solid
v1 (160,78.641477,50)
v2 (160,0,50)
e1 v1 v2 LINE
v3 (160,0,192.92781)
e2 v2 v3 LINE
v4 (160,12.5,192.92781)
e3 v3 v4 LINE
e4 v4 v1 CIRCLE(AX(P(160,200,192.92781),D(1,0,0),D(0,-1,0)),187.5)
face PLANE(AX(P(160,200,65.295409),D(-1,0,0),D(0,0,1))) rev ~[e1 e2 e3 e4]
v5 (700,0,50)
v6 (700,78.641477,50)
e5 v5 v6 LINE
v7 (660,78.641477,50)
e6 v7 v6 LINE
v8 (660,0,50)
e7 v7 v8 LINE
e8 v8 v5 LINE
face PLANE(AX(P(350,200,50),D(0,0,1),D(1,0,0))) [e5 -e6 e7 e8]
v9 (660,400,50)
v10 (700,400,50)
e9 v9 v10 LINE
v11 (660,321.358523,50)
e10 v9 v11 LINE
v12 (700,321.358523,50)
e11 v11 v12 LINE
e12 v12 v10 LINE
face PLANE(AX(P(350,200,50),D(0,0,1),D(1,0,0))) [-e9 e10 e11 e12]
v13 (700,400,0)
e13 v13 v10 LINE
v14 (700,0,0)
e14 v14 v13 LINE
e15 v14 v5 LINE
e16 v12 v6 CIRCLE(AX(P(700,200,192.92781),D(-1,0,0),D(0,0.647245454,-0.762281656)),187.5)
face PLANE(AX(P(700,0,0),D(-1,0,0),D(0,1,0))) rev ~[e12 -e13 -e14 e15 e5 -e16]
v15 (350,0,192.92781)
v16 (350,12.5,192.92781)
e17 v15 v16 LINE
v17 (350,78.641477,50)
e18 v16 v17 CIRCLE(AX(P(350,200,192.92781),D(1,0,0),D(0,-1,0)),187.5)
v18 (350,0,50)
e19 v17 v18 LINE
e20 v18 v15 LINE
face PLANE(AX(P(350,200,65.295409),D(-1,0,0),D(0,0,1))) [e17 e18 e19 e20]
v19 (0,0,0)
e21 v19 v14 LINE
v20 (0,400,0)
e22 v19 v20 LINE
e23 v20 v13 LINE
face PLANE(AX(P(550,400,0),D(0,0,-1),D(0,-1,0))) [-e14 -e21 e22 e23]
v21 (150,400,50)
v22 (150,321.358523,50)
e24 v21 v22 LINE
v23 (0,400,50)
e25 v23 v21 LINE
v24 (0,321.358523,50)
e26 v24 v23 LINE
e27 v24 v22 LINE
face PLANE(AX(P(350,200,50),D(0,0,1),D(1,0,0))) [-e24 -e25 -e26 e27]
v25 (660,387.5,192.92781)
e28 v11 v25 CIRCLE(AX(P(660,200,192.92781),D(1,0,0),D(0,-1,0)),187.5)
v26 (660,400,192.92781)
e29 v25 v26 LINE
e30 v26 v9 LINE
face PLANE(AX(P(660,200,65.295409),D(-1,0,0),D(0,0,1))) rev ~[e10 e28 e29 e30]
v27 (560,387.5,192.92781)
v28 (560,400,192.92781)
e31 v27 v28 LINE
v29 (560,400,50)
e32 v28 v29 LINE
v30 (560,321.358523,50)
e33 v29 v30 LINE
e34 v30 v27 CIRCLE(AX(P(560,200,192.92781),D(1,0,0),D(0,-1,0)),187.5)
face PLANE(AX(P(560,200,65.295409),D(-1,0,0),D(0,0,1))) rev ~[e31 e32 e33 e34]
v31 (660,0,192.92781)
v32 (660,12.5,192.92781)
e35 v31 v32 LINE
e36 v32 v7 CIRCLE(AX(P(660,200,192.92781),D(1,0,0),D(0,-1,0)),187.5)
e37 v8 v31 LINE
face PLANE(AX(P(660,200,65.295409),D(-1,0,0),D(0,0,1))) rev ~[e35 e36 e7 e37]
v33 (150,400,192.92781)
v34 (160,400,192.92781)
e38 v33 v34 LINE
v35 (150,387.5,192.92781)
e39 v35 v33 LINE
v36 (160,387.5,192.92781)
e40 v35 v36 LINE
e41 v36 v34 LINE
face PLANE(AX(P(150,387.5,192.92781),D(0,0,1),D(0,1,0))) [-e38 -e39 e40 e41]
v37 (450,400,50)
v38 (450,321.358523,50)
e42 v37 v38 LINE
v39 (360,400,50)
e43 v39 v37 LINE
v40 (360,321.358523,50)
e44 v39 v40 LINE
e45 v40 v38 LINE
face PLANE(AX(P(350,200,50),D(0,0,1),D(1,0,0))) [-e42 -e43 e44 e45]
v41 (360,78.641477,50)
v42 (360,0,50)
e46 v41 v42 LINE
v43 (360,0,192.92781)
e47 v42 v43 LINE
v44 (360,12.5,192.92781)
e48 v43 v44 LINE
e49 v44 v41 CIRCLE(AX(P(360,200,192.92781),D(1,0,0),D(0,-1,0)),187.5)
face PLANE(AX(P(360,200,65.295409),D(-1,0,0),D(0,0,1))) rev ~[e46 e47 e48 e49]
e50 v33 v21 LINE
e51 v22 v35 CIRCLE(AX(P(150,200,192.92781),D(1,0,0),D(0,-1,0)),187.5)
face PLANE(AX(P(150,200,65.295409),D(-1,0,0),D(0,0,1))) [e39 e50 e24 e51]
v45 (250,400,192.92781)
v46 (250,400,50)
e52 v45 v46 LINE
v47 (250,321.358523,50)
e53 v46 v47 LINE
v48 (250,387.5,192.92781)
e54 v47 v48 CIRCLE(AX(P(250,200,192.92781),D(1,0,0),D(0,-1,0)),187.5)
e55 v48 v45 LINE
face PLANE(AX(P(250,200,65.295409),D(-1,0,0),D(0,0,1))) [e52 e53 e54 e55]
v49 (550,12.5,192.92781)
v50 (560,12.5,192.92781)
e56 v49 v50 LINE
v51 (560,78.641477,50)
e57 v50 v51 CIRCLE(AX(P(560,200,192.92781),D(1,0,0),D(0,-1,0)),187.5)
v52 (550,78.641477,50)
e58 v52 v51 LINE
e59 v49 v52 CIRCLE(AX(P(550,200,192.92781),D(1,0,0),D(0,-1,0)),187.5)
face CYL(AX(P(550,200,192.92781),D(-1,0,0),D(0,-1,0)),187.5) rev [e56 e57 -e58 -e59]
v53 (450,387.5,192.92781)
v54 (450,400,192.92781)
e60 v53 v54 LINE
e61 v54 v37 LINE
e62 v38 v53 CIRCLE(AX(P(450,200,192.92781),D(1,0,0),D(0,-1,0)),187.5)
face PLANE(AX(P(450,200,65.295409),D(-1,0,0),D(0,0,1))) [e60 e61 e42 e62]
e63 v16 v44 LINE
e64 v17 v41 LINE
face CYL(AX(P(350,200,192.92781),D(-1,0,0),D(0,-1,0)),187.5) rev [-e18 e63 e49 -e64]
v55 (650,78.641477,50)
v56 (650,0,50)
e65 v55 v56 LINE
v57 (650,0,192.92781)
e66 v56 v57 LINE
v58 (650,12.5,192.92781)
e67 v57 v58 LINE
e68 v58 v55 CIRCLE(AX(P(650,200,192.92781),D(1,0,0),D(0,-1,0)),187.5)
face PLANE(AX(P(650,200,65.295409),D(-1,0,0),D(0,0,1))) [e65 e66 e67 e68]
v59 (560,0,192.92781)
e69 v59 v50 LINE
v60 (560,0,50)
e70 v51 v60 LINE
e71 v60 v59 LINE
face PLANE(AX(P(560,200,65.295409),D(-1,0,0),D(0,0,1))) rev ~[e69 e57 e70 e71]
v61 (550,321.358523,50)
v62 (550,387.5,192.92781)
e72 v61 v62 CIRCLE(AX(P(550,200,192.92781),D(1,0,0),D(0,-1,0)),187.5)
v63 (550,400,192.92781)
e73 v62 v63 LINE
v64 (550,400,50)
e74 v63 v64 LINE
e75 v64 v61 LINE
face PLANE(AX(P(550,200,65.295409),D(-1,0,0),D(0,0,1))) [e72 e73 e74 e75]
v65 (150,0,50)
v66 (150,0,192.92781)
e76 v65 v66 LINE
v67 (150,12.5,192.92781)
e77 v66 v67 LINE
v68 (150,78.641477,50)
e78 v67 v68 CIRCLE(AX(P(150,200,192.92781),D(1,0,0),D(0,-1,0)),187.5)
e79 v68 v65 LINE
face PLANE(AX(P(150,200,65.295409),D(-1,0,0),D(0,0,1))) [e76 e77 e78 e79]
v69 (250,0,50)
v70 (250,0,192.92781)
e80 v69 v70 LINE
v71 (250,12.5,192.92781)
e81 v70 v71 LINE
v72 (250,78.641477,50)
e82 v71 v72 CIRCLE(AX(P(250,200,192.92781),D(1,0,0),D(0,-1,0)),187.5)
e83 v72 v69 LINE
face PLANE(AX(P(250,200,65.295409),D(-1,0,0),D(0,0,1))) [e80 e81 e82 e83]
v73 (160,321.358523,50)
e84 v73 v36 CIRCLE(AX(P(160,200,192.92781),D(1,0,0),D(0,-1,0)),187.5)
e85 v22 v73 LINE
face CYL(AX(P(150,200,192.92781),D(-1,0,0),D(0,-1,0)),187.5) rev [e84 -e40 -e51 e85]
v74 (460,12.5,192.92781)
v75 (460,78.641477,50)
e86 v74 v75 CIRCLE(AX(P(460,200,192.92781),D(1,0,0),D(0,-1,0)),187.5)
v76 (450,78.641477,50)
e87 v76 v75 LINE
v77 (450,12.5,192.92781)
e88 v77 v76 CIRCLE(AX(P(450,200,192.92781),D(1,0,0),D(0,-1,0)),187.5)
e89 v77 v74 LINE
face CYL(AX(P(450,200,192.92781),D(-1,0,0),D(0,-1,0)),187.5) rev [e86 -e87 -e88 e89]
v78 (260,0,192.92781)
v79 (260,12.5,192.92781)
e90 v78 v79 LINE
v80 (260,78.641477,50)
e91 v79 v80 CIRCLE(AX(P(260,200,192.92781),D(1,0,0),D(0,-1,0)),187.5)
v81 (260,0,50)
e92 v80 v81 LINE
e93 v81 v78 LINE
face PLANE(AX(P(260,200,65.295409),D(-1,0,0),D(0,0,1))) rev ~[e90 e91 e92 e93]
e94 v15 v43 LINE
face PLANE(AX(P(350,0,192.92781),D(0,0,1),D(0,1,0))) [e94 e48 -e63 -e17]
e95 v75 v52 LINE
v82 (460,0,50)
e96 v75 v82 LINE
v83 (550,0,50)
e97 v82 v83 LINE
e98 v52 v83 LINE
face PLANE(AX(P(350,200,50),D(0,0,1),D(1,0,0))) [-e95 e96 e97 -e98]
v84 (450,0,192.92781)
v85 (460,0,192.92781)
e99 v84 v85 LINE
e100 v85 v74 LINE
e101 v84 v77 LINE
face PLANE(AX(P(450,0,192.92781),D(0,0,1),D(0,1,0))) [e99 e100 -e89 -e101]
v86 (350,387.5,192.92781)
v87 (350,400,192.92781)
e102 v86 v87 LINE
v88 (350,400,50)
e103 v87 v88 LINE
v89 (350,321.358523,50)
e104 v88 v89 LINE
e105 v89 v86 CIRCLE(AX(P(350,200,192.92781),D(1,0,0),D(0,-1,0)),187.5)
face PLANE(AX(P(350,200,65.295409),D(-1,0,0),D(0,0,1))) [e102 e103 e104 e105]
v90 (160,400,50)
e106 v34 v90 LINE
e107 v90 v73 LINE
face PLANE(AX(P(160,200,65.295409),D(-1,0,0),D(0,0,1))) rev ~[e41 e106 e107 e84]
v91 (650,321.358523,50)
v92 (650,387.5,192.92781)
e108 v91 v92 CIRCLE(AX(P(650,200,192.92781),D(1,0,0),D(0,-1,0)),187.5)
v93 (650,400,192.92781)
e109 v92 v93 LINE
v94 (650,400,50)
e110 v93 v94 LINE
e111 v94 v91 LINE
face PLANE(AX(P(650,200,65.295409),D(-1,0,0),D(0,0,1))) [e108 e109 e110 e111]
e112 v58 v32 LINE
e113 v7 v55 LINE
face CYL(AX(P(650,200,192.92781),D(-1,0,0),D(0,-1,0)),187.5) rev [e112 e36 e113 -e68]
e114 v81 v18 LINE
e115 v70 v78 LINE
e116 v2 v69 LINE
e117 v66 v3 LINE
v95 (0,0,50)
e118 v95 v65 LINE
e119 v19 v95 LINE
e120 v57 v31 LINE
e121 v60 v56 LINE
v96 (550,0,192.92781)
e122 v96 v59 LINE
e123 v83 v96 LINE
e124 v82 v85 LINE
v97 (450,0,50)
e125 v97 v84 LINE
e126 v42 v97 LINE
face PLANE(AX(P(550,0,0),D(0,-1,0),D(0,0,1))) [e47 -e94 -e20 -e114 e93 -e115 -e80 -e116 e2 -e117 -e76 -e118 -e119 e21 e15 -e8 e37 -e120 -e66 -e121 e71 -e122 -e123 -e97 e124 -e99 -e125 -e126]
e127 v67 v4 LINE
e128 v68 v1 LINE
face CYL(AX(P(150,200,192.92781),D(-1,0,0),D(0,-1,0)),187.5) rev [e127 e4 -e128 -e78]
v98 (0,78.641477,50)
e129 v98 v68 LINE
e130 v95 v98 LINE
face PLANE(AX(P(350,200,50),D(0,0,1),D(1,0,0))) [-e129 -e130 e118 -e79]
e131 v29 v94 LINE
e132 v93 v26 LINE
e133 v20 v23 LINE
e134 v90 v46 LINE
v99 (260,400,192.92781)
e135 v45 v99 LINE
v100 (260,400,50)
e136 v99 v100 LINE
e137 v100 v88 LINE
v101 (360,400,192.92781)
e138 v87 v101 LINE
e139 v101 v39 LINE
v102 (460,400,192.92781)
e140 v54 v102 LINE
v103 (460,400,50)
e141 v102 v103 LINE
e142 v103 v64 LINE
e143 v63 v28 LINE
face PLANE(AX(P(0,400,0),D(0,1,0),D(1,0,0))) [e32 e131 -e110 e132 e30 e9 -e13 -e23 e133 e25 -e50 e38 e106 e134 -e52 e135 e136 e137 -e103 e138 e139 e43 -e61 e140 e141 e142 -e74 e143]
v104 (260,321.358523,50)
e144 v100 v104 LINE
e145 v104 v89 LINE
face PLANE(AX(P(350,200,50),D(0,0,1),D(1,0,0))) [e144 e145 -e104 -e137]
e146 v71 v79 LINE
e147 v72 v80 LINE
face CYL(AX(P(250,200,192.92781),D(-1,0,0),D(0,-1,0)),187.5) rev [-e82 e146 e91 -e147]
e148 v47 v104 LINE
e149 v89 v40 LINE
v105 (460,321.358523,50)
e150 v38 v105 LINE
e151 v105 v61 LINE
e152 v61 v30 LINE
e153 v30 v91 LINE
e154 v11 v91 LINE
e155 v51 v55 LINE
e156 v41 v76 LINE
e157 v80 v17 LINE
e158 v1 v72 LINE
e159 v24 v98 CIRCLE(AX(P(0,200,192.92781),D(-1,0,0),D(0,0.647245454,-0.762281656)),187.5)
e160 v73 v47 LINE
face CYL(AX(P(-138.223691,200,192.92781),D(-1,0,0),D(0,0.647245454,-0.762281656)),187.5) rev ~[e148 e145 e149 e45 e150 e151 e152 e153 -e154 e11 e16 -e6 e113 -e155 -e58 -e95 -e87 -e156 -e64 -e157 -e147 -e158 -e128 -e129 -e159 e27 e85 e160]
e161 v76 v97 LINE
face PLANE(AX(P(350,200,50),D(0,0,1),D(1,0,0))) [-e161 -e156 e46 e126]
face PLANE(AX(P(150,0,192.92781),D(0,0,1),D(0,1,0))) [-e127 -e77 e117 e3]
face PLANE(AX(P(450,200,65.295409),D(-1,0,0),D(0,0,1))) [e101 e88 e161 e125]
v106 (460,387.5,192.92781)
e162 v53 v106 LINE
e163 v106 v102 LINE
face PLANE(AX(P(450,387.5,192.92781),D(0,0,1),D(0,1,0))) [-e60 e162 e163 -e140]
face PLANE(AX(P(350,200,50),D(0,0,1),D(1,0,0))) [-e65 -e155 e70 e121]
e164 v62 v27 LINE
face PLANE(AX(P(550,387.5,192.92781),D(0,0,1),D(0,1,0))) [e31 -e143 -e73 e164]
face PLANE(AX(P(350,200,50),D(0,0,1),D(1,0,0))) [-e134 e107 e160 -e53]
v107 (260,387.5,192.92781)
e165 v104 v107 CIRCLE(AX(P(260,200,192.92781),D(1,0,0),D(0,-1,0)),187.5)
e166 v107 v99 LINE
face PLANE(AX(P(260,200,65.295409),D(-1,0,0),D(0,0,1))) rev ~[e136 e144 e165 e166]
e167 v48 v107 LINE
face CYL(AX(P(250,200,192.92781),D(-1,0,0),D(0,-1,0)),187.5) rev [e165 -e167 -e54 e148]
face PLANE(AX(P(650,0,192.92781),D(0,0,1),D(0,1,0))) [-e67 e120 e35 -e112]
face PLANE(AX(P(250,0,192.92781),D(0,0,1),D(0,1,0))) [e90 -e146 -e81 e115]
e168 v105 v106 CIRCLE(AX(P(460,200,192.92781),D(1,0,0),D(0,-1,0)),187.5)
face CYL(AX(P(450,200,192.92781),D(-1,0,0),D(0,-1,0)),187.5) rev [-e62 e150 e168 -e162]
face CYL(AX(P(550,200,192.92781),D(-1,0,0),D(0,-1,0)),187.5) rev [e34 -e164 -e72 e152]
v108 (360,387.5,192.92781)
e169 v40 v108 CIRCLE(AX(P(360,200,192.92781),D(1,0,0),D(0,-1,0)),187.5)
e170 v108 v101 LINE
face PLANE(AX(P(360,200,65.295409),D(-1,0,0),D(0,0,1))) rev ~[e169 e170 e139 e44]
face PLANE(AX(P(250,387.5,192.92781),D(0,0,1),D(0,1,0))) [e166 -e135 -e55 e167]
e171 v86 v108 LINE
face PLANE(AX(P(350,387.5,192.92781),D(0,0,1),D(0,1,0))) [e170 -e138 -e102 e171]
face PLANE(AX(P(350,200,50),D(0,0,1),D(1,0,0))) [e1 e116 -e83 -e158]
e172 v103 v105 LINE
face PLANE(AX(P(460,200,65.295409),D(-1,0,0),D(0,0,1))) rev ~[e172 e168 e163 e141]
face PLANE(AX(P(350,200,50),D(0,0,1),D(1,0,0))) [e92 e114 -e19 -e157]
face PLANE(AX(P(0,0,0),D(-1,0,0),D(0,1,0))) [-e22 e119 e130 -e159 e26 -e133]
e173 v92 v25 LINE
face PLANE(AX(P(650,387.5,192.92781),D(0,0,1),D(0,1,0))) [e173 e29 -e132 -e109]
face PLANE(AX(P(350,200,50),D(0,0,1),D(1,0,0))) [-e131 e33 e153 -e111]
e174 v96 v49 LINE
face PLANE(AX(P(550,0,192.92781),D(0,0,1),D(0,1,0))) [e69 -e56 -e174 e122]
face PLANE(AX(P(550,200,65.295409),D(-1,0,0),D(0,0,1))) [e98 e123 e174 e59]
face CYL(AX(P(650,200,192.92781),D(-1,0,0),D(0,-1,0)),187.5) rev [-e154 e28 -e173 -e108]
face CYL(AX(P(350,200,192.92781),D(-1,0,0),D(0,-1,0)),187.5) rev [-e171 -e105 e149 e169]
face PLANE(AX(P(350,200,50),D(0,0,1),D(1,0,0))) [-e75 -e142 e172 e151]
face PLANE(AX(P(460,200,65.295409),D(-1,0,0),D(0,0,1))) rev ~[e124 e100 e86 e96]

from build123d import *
from build123d.topology import SkipClean

# Parameters (mm, degrees)
SKETCH1_W               = 700
SKETCH1_H               = 400
BOSS_EXTRUDE2_DEPTH     = 50
BOSS_EXTRUDE3_DEPTH     = 10
CUT_EXTRUDE1_DEPTH      = 788.223691227
CUT_EXTRUDE1_DEPTH_BACK = 788.223691227
LPATTERN1_COUNT         = 6
LPATTERN1_PITCH         = 100


with BuildPart() as part:
    # Sketch1 → Boss-Extrude2 (new body)
    with BuildSketch(Plane.XY):
        with Locations((350, 200)):
            Rectangle(SKETCH1_W, SKETCH1_H)
    extrude(amount=BOSS_EXTRUDE2_DEPTH)

    # Sketch2 → Boss-Extrude3 (add)
    with BuildSketch(Plane(origin=(650, 0, 0), x_dir=(0, 0, -1), z_dir=(1, 0, 0))):
        with BuildLine():
            Line((-50, 0), (-192.927810409, 0))
            Line((-192.927810409, 0), (-192.927810409, 12.5))
            ThreePointArc((-192.927810409, 12.5), (-5.427810409, 200), (-192.927810409, 387.5))
            Line((-192.927810409, 387.5), (-192.927810409, 400))
            Line((-192.927810409, 400), (-50, 400))
            Line((-50, 400), (0, 400))
            Line((0, 400), (0, 0))
            Line((0, 0), (-50, 0))
        make_face()
    boss_extrude3 = extrude(amount=BOSS_EXTRUDE3_DEPTH)

    # Sketch3 → Cut-Extrude1 (cut, two sides: drawn at the far end of the back side and taken through both)
    with SkipClean():  # the faces are left unmerged after this step: merging them gives an invalid solid
        with BuildSketch(Plane(origin=(650, 0, 0), x_dir=(0, 0, -1), z_dir=(1, 0, 0)).offset(-CUT_EXTRUDE1_DEPTH_BACK)):
            with BuildLine():
                Line((-50, 78.641477383), (-50, 321.358522617))
                ThreePointArc((-50, 321.358522617), (-5.427810409, 200), (-50, 78.641477383))
            make_face()
        extrude(amount=CUT_EXTRUDE1_DEPTH + CUT_EXTRUDE1_DEPTH_BACK, mode=Mode.SUBTRACT)

    # LPattern1: Boss-Extrude3 ×6
    with Locations(*[(-i * LPATTERN1_PITCH, 0, 0) for i in range(1, LPATTERN1_COUNT)]):
        add(boss_extrude3)


solid = part.part
